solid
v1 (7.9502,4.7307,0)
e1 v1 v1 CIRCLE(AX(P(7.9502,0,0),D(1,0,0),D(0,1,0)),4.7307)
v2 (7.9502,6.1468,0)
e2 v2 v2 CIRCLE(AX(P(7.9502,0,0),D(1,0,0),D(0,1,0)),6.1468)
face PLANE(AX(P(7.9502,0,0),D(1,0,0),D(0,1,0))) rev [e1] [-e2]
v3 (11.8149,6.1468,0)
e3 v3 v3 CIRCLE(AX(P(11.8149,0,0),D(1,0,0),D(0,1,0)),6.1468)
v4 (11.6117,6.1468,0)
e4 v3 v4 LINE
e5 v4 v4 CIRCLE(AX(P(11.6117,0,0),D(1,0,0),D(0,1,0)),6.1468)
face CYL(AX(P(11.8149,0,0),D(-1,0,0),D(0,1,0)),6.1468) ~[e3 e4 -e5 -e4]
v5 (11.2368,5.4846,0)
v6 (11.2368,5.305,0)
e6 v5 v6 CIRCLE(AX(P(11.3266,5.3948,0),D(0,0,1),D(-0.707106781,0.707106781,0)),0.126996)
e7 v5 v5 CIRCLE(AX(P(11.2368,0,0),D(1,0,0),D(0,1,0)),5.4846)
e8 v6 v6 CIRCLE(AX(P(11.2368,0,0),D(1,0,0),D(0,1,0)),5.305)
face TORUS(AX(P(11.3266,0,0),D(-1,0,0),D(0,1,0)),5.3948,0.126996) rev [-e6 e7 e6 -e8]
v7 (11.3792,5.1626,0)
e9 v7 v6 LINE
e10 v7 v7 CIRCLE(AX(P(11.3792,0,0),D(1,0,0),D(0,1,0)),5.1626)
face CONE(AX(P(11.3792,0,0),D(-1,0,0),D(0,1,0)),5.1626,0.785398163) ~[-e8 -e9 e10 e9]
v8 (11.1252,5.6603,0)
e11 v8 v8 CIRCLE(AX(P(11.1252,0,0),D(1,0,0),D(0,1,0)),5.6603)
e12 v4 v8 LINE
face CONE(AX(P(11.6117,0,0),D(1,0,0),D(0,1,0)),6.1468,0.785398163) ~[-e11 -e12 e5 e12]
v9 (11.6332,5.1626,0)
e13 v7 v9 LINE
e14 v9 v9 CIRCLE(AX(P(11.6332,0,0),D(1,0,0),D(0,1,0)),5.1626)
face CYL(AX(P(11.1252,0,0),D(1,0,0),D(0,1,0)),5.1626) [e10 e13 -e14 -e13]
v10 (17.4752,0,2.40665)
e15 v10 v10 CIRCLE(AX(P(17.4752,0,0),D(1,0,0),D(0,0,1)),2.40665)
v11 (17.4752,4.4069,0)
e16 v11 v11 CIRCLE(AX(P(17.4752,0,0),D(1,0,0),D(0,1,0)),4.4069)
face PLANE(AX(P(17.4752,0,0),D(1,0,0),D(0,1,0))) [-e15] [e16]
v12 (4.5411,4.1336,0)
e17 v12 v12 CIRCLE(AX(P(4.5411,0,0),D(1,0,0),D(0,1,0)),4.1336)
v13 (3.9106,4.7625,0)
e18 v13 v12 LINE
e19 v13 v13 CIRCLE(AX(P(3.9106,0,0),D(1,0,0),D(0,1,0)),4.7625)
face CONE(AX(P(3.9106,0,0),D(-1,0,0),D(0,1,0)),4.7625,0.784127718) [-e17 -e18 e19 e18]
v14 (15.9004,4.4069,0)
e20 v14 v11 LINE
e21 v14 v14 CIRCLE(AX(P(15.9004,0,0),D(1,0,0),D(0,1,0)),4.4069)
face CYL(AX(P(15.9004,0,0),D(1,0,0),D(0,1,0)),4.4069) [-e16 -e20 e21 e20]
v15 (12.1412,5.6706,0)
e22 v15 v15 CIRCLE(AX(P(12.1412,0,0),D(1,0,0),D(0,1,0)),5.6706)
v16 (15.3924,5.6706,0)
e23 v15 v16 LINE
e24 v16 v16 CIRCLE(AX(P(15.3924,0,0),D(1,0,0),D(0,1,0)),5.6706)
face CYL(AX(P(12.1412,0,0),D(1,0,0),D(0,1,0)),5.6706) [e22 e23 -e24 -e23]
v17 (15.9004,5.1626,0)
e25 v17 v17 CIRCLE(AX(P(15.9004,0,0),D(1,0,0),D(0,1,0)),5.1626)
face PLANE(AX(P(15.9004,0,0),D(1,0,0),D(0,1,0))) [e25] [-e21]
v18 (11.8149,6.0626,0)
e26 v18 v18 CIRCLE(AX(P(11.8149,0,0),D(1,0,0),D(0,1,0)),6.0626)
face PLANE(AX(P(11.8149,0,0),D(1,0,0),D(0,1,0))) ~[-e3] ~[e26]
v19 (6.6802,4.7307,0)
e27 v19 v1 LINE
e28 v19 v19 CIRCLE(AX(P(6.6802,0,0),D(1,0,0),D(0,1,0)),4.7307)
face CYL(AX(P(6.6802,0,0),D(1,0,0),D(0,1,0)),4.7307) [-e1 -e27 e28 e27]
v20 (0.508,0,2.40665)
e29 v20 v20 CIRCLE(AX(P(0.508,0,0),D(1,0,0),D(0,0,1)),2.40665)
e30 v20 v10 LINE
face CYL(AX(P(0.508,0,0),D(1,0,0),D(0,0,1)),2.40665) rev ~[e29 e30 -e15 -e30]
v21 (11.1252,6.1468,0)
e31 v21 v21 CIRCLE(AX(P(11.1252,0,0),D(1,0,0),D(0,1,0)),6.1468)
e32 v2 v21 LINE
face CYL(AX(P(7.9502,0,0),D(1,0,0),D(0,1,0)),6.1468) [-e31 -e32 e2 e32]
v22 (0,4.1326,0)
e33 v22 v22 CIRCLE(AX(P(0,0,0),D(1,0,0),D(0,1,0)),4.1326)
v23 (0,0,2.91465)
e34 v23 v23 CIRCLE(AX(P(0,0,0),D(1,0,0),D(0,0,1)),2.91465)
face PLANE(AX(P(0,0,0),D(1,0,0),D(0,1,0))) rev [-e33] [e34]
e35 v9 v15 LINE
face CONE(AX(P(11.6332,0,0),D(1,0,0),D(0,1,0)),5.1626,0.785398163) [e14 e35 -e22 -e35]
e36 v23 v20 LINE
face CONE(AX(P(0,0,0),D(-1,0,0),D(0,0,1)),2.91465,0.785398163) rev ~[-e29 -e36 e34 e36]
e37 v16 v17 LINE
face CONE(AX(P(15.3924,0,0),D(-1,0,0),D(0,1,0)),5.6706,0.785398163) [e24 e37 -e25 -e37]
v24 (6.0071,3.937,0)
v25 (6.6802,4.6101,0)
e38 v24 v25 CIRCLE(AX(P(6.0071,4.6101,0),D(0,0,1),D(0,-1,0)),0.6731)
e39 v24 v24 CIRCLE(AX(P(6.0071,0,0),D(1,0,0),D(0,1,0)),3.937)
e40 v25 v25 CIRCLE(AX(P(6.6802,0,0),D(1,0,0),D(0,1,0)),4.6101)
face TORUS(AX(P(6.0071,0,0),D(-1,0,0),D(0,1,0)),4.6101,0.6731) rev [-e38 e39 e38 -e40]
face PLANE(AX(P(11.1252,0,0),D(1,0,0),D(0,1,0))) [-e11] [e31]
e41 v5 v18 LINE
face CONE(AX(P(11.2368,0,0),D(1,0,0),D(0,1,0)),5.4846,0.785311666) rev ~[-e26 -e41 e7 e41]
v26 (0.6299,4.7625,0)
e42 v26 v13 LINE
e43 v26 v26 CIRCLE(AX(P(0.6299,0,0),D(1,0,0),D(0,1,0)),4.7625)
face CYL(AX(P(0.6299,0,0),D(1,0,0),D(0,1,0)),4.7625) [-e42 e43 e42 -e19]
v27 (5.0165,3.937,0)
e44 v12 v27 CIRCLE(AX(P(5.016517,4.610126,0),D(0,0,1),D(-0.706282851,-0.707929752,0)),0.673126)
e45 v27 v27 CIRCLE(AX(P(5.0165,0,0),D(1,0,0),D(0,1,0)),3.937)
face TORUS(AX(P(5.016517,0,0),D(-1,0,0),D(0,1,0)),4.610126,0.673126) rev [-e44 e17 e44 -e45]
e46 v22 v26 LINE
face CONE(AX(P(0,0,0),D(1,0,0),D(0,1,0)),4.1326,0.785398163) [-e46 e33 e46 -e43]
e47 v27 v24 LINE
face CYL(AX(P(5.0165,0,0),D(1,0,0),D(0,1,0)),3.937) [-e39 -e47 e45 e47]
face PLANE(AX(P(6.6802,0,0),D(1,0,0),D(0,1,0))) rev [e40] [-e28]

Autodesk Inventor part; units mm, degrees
sketch "Sketch_2" plane through (0, 0, 0) normal (0, 0, 1) x (1, 0, 0)
  line L0 (7.9502, 0) -> (0, 0)
  line L1 (0, 0) -> (0, 4.1326)
  line L2 (0, 4.1326) -> (0.6299, 4.7625)
  line L3 (0.6299, 4.7625) -> (3.9106, 4.7625)
  line L4 (3.9106, 4.7625) -> (4.5411, 4.1336)
  arc A0 (4.5411, 4.1336) -> (5.0165, 3.937) centre (5.0165, 4.6101) ccw
  line L5 (5.0165, 3.937) -> (6.0071, 3.937)
  arc A1 (6.0071, 3.937) -> (6.6802, 4.6101) centre (6.0071, 4.6101) ccw
  line L6 (6.6802, 4.6101) -> (6.6802, 4.7307)
  line L7 (6.6802, 4.7307) -> (7.9502, 4.7307)
  line L8 (7.9502, 4.7307) -> (7.9502, 0)
  line L9 (7.9502, 0) -> (0, 0)
revolve "Revolution1" add sketch "Sketch_2" angle 360 about axis through (7.9502, 0, 0) along (1, 0, 0)
thread "Thread1" size "3/8-24 UNF" class "2A" standard "ANSI Unified Screw Threads" full length
sketch "Sketch_3" plane through (0, 0, 0) normal (0, 0, 1) x (1, 0, 0)
  line L0 (15.9004, 0) -> (7.9502, 0)
  line L1 (7.9502, 0) -> (7.9502, 6.1468)
  line L2 (7.9502, 6.1468) -> (11.1252, 6.1468)
  line L3 (11.1252, 6.1468) -> (11.1252, 5.1626)
  line L4 (11.1252, 5.1626) -> (11.6332, 5.1626)
  line L5 (11.6332, 5.1626) -> (12.1412, 5.6706)
  line L6 (12.1412, 5.6706) -> (15.3924, 5.6706)
  line L7 (15.3924, 5.6706) -> (15.9004, 5.1626)
  line L8 (15.9004, 5.1626) -> (15.9004, 0)
  line L9 (15.9004, 0) -> (7.9502, 0)
revolve "Revolution2" add sketch "Sketch_3" angle 360 about axis through (15.9004, 0, 0) along (1, 0, 0)
sketch "Sketch_4" plane through (0, 0, 0) normal (0, 0, 1) x (1, 0, 0)
  line L0 (17.4752, 0) -> (15.9004, 0)
  line L1 (15.9004, 0) -> (15.9004, 4.4069)
  line L2 (15.9004, 4.4069) -> (17.4752, 4.4069)
  line L3 (17.4752, 4.4069) -> (17.4752, 0)
  line L4 (17.4752, 0) -> (15.9004, 0)
revolve "Revolution3" add sketch "Sketch_4" angle 360 about axis through (17.4752, 0, 0) along (1, 0, 0)
sketch "Sketch4" plane through (0, 0, 0) normal (-1, 0, 0) x (0, 0, 1)
  point P0 (0, 0)
hole "Hole1" at (0, 0, 0) direction (1, 0, 0) diameter 4.8133 depth 17.4752 countersink diameter 5.8293 countersink angle 90
sketch "Sketch_47" plane through (0, 0, 0) normal (0, 0, 1) x (1, 0, 0)
  line L0 (11.6332, 0) -> (11.1252, 0)
  line L1 (11.1252, 5.6603) -> (11.1252, 4.9085)
  line L2 (11.1252, 4.9085) -> (11.6332, 4.9085)
  line L3 (11.6332, 4.9085) -> (11.6332, 5.1626)
  line L4 (11.6332, 5.1626) -> (11.3792, 5.1626)
  line L5 (11.3792, 5.1626) -> (11.2368, 5.305)
  arc A0 (11.2368, 5.4846) -> (11.2368, 5.305) centre (11.3266, 5.3948) ccw
  line L6 (11.2368, 5.4846) -> (11.8149, 6.0626)
  line L7 (11.8149, 6.0626) -> (11.8149, 6.1468)
  line L8 (11.8149, 6.1468) -> (11.6117, 6.1468)
  line L9 (11.6117, 6.1468) -> (11.1252, 5.6603)
revolve "Revolution4" add sketch "Sketch_47" angle 360 about axis through (11.6332, 0, 0) along (1, 0, 0)
ref_plane "dp1_XY" through (7.9502, 4.7307, 0) normal (0, 0, 1) x (1, 0, 0)
ref_plane "dp1_YZ" through (7.9502, 4.7307, 0) normal (1, 0, 0) x (0, 1, 0)
ref_plane "dp1_ZX" through (7.9502, 4.7307, 0) normal (0, 1, 0) x (0, 0, 1)
ref_plane "dp2_XY" through (7.9502, -4.7307, 0) normal (0, 0, 1) x (1, 0, 0)
ref_plane "dp2_YZ" through (7.9502, -4.7307, 0) normal (1, 0, 0) x (0, 1, 0)
ref_plane "dp2_ZX" through (7.9502, -4.7307, 0) normal (0, 1, 0) x (0, 0, 1)
ref_plane "hh_XY" through (0, 4.7625, 0) normal (0, 0, 1) x (1, 0, 0)
ref_plane "hh_YZ" through (0, 4.7625, 0) normal (1, 0, 0) x (0, 1, 0)
ref_plane "hh_ZX" through (0, 4.7625, 0) normal (0, 1, 0) x (0, 0, 1)
ref_plane "rod_guide_XY" through (0, 0, 0) normal (1, 0, 0) x (0, 0, -1)
ref_plane "rod_guide_YZ" through (0, 0, 0) normal (0, 0, -1) x (0, 1, 0)
ref_plane "rod_guide_ZX" through (0, 0, 0) normal (0, 1, 0) x (1, 0, 0)
ref_plane "s1_XY" through (6.6802, 0, 0) normal (0, 0, 1) x (1, 0, 0)
ref_plane "s1_YZ" through (6.6802, 0, 0) normal (1, 0, 0) x (0, 1, 0)
ref_plane "s1_ZX" through (6.6802, 0, 0) normal (0, 1, 0) x (0, 0, 1)
ref_plane "s2_XY" through (7.9502, 0, 0) normal (0, 0, 1) x (1, 0, 0)
ref_plane "s2_YZ" through (7.9502, 0, 0) normal (1, 0, 0) x (0, 1, 0)
ref_plane "s2_ZX" through (7.9502, 0, 0) normal (0, 1, 0) x (0, 0, 1)
ref_plane "t1_XY" through (7.9502, 0, 0) normal (1, 0, 0) x (0, 0, -1)
ref_plane "t1_YZ" through (7.9502, 0, 0) normal (0, 0, -1) x (0, 1, 0)
ref_plane "t1_ZX" through (7.9502, 0, 0) normal (0, 1, 0) x (1, 0, 0)
ref_plane "t111_XY" through (7.9502, 0, 0) normal (1, 0, 0) x (0, 0, -1)
ref_plane "t111_YZ" through (7.9502, 0, 0) normal (0, 0, -1) x (0, 1, 0)
ref_plane "t111_ZX" through (7.9502, 0, 0) normal (0, 1, 0) x (1, 0, 0)
ref_plane "to_foot_bracket_XY" through (7.9502, 0, 0) normal (1, 0, 0) x (0, 0, -1)
ref_plane "to_foot_bracket_YZ" through (7.9502, 0, 0) normal (0, 0, -1) x (0, 1, 0)
ref_plane "to_foot_bracket_ZX" through (7.9502, 0, 0) normal (0, 1, 0) x (1, 0, 0)
ref_plane "to_nut_XY" through (6.6802, 0, 0) normal (1, 0, 0) x (0, 0, -1)
ref_plane "to_nut_YZ" through (6.6802, 0, 0) normal (0, 0, -1) x (0, 1, 0)
ref_plane "to_nut_ZX" through (6.6802, 0, 0) normal (0, 1, 0) x (1, 0, 0)
ref_plane "to_rod_XY" through (0, 0, 0) normal (1, 0, 0) x (0, 0, -1)
ref_plane "to_rod_YZ" through (0, 0, 0) normal (0, 0, -1) x (0, 1, 0)
ref_plane "to_rod_ZX" through (0, 0, 0) normal (0, 1, 0) x (1, 0, 0)
ref_plane "to_screw_XY" through (5.588, 0, 0) normal (0, 1, 0) x (1, 0, 0)
ref_plane "to_screw_YZ" through (5.588, 0, 0) normal (1, 0, 0) x (0, 0, -1)
ref_plane "to_screw_ZX" through (5.588, 0, 0) normal (0, 0, -1) x (0, 1, 0)
ref_plane "to_trunnion_brackets_XY" through (7.9248, 0, 0) normal (0, 1, 0) x (1, 0, 0)
ref_plane "to_trunnion_brackets_YZ" through (7.9248, 0, 0) normal (1, 0, 0) x (0, 0, -1)
ref_plane "to_trunnion_brackets_ZX" through (7.9248, 0, 0) normal (0, 0, -1) x (0, 1, 0)
ref_plane "to_trunnion_brackets1_XY" through (7.9248, 9.525, 0) normal (0, 1, 0) x (1, 0, 0)
ref_plane "to_trunnion_brackets1_YZ" through (7.9248, 9.525, 0) normal (1, 0, 0) x (0, 0, -1)
ref_plane "to_trunnion_brackets1_ZX" through (7.9248, 9.525, 0) normal (0, 0, -1) x (0, 1, 0)
ref_plane "to_trunnion_brackets2_XY" through (7.9248, -9.525, 0) normal (0, 1, 0) x (1, 0, 0)
ref_plane "to_trunnion_brackets2_YZ" through (7.9248, -9.525, 0) normal (1, 0, 0) x (0, 0, -1)
ref_plane "to_trunnion_brackets2_ZX" through (7.9248, -9.525, 0) normal (0, 0, -1) x (0, 1, 0)
ref_plane "to_tube_XY" through (11.6332, 0, 0) normal (1, 0, 0) x (0, 0, -1)
ref_plane "to_tube_YZ" through (11.6332, 0, 0) normal (0, 0, -1) x (0, 1, 0)
ref_plane "to_tube_ZX" through (11.6332, 0, 0) normal (0, 1, 0) x (1, 0, 0)
properties part number "01000-0_rod_guide"
